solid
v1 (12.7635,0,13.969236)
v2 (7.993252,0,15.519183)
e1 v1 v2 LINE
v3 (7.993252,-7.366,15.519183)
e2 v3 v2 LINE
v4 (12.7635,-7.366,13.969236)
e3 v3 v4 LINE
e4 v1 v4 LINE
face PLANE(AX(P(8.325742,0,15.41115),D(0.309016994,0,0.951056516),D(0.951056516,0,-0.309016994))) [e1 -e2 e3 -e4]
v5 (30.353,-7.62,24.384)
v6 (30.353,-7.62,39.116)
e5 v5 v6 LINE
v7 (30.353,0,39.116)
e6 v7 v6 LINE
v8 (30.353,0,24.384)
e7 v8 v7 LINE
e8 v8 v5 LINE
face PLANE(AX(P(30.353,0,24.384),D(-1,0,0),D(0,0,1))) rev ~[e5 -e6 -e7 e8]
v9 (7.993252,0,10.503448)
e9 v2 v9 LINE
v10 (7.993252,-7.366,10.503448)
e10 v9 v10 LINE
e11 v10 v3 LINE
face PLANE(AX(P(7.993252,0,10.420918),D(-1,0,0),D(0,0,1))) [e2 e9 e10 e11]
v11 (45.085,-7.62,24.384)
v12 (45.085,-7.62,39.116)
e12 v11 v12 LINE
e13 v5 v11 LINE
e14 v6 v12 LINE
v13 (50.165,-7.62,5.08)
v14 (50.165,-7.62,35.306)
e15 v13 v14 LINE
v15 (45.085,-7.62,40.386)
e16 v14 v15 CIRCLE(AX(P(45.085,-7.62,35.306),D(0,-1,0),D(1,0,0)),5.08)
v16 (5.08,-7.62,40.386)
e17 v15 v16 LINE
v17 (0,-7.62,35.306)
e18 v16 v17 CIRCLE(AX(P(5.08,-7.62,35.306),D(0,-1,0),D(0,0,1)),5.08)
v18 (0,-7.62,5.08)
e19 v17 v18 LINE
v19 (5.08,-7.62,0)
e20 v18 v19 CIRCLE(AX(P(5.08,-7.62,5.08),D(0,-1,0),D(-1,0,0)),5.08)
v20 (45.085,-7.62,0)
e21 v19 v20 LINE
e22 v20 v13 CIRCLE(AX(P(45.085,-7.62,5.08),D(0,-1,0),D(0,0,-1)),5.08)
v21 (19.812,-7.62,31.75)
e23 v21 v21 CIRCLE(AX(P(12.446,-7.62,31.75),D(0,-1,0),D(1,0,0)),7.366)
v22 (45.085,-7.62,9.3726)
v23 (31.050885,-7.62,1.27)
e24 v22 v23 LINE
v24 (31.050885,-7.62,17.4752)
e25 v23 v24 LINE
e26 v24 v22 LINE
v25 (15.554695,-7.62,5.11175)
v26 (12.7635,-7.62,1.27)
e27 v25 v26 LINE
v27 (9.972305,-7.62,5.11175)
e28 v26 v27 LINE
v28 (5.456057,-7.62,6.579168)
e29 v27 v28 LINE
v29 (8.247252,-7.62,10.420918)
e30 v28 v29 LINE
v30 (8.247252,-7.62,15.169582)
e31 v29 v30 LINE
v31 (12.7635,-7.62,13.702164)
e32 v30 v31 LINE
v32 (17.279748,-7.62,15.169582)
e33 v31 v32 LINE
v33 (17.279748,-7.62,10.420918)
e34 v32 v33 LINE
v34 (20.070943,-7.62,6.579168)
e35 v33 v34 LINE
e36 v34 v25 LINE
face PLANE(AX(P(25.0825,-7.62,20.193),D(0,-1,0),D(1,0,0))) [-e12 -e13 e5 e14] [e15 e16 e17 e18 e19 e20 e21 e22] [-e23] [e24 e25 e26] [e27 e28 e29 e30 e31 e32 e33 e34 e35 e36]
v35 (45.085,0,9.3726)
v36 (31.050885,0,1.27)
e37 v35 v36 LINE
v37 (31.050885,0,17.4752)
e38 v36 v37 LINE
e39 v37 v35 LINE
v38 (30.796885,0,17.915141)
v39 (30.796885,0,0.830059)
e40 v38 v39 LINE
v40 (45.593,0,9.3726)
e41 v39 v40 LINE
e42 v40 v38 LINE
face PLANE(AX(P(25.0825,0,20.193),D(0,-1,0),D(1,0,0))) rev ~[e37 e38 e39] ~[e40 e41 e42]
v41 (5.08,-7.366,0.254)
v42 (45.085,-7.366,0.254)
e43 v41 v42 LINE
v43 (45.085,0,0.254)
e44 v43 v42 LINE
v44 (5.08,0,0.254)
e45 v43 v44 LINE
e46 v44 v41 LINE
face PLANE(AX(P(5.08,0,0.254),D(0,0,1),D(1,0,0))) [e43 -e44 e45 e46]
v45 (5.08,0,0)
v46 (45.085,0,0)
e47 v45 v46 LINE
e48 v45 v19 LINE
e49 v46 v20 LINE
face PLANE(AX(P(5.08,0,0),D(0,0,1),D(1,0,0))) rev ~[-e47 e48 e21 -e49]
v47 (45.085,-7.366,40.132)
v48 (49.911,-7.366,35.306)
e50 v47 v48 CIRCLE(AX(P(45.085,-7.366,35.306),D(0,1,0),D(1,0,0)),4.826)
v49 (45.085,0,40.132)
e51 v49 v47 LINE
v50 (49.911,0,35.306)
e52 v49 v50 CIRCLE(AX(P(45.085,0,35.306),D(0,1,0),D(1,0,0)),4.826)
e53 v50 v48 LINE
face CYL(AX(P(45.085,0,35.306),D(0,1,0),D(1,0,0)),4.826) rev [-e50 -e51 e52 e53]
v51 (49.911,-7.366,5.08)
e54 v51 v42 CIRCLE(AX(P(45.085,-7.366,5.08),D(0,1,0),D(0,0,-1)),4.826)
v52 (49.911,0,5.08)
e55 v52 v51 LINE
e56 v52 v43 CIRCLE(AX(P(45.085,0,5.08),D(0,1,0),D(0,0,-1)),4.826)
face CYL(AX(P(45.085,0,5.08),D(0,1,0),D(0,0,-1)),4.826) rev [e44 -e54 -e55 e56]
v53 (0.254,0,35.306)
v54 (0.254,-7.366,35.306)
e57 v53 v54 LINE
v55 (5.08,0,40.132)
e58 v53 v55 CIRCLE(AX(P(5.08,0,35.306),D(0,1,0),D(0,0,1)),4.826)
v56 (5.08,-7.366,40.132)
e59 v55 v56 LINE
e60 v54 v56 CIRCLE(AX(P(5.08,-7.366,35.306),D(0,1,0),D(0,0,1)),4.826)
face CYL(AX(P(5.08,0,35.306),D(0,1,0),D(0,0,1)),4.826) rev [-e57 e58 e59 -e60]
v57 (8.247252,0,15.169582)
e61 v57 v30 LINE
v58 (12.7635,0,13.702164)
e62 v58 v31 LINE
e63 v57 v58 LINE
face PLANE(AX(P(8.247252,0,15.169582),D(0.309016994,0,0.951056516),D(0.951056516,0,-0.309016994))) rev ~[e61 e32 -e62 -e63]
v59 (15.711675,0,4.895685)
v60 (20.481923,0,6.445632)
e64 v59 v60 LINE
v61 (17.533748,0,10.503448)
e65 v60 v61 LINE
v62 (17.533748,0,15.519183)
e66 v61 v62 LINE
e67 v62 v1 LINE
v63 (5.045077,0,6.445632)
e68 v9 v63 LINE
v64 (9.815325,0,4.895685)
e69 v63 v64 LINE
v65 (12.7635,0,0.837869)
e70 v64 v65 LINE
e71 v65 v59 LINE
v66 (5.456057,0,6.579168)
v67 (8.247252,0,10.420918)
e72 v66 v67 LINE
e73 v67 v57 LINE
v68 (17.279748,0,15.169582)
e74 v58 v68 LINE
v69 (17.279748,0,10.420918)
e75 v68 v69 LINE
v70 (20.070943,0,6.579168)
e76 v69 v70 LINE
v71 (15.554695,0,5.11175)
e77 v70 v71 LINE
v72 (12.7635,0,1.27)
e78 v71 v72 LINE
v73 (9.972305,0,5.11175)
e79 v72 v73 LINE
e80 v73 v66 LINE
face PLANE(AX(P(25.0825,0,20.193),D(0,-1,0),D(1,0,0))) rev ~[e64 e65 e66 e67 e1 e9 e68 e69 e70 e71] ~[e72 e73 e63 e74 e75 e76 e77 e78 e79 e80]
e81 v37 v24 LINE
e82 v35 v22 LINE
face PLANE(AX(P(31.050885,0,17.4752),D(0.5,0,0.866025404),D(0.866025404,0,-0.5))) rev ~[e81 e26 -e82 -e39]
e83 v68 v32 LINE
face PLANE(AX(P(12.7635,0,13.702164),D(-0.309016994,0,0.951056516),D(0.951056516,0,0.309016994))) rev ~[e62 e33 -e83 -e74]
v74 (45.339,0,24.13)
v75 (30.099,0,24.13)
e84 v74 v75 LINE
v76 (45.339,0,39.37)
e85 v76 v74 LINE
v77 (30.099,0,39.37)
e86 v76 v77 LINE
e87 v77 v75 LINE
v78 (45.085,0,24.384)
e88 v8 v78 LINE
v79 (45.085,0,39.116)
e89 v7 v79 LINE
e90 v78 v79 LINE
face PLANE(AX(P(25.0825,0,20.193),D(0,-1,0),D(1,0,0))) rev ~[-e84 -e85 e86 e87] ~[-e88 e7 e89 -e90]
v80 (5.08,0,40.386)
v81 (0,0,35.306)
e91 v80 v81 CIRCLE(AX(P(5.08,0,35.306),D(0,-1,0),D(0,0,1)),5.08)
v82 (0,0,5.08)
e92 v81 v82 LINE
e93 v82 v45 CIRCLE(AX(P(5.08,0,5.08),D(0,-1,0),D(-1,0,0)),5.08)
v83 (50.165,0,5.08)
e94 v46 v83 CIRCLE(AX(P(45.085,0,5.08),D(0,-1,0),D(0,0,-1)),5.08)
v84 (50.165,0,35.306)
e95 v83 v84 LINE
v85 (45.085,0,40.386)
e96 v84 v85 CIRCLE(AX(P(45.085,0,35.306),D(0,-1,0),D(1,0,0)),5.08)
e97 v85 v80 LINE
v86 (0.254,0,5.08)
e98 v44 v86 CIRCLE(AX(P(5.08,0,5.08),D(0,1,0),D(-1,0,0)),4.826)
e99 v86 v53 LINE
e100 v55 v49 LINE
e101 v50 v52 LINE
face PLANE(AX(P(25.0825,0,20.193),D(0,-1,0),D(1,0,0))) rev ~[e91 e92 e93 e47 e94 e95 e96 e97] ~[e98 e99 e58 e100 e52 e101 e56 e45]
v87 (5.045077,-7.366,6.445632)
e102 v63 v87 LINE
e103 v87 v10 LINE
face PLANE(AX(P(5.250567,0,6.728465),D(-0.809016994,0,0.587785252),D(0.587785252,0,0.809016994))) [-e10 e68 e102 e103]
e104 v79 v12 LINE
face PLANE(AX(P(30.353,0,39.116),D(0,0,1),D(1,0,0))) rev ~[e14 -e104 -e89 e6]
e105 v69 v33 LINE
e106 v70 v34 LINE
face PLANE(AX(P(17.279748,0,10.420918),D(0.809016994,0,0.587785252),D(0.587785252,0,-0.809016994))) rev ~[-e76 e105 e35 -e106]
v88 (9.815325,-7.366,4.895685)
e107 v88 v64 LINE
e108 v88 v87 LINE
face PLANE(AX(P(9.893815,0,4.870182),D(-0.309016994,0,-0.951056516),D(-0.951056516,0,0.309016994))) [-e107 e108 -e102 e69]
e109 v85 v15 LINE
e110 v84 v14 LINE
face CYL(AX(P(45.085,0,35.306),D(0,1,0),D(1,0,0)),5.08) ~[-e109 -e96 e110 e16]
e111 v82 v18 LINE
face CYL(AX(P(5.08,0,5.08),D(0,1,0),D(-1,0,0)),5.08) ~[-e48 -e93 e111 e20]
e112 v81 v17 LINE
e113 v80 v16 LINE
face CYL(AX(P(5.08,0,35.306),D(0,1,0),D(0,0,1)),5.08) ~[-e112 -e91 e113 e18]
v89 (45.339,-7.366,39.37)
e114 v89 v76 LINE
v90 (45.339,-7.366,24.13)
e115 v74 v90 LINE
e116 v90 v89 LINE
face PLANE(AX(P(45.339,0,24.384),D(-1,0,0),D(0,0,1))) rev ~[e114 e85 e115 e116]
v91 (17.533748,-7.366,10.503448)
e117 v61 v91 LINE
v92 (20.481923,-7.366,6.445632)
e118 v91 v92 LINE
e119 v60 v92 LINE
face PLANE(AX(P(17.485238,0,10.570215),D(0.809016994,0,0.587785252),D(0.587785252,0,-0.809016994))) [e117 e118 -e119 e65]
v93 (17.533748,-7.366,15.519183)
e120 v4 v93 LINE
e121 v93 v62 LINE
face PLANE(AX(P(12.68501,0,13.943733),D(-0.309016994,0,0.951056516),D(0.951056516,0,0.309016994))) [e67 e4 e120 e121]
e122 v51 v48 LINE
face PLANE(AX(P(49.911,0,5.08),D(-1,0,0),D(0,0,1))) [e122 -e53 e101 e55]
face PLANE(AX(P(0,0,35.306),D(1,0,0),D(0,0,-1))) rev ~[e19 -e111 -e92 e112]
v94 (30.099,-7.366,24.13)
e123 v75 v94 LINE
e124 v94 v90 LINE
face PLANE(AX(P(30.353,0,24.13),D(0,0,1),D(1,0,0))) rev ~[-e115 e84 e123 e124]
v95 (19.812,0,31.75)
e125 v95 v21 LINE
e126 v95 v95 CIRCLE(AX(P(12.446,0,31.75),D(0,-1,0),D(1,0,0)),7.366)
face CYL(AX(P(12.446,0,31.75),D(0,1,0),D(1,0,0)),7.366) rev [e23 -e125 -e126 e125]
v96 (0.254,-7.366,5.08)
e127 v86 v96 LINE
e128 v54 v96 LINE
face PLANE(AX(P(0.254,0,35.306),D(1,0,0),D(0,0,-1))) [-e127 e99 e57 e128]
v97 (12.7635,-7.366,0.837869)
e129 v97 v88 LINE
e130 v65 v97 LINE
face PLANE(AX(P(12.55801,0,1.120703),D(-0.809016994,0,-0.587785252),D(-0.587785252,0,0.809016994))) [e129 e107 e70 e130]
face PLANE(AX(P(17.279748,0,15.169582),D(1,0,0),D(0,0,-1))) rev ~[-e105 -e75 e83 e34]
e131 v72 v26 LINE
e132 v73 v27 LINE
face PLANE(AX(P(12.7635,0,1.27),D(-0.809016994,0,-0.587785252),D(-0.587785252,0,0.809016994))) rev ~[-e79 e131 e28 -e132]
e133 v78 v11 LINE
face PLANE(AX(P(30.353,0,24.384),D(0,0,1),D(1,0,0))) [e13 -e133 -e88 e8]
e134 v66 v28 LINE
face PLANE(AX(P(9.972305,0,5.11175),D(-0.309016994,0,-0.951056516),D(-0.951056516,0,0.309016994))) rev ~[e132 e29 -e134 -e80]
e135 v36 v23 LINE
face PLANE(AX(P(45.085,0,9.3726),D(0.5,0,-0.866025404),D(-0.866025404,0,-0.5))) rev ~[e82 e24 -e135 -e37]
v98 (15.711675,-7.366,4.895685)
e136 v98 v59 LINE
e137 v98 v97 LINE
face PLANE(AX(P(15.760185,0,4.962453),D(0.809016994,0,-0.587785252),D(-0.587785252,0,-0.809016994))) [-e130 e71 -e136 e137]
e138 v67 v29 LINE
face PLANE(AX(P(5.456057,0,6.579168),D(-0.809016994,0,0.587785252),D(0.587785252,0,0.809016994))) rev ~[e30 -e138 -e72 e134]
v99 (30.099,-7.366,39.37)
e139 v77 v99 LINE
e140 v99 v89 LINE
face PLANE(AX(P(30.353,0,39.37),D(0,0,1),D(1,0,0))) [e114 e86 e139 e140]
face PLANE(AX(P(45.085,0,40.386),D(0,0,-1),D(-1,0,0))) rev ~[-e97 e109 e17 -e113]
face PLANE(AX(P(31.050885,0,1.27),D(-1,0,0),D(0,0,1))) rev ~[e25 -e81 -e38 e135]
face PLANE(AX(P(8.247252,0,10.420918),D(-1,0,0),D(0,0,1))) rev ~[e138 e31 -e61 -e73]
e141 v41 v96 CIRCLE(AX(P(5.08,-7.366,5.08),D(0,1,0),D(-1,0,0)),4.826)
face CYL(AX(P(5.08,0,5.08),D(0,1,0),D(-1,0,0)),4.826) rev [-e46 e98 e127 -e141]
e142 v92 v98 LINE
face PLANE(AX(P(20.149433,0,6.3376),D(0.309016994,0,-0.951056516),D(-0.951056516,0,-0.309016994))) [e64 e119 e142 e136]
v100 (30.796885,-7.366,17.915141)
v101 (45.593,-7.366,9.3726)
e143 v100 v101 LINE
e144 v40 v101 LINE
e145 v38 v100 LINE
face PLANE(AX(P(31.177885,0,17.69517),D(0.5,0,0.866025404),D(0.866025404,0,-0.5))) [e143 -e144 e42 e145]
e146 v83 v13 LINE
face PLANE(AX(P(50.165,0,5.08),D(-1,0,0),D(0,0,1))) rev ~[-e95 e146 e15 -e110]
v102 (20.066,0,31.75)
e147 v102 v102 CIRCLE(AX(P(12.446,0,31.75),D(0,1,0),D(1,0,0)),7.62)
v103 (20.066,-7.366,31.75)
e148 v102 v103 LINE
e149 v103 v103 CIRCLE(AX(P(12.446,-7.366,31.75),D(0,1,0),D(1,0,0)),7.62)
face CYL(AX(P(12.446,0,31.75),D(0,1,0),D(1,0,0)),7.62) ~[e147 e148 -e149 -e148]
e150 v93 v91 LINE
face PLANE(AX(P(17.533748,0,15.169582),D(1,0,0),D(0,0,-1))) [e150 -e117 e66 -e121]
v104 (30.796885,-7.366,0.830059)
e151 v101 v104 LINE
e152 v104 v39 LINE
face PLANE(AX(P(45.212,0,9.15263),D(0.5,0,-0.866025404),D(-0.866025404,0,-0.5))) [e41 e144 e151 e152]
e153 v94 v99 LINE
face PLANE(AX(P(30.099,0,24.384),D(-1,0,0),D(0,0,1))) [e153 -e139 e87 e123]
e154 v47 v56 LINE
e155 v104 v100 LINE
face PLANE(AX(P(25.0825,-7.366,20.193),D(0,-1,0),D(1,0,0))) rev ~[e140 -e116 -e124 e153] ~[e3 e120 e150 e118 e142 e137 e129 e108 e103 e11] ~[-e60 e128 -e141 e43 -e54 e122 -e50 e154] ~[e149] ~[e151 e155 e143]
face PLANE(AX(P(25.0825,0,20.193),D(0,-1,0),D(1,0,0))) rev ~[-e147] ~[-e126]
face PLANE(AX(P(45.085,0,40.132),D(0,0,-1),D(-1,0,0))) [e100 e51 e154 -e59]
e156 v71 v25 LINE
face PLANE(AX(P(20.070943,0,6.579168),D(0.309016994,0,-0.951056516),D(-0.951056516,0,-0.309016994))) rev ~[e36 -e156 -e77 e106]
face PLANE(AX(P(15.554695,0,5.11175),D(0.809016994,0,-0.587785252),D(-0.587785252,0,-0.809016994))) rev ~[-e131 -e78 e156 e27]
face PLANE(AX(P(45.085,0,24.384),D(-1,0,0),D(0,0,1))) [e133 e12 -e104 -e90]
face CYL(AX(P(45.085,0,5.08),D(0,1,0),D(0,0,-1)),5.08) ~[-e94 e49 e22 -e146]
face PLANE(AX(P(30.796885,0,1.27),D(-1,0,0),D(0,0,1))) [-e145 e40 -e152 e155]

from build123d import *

# Parameters (mm, degrees)
F0_R     = 7.366
F0_W     = 14.732
F0_H     = 14.732
F1_DEPTH = 7.62
F2_T     = -0.254


with BuildPart() as f1:
    # F0 (on Front) → F1 (new body)
    with BuildSketch(Plane.XZ):
        with BuildLine():
            ThreePointArc((0, 5.08), (1.4878975516, 1.4878975516), (5.08, 0))
            Line((5.08, 0), (45.085, 0))
            ThreePointArc((45.085, 0), (48.6771024484, 1.4878975516), (50.165, 5.08))
            Line((50.165, 5.08), (50.165, 35.306))
            ThreePointArc((50.165, 35.306), (48.6771024484, 38.8981024484), (45.085, 40.386))
            Line((45.085, 40.386), (5.08, 40.386))
            ThreePointArc((5.08, 40.386), (1.4878975516, 38.8981024484), (0, 35.306))
            Line((0, 35.306), (0, 5.08))
        make_face()
        Polygon((8.247252014, 10.4209179237), (8.247252014, 15.1695820763), (12.7635, 13.7021641526), (17.279747986, 15.1695820763), (17.279747986, 10.4209179237), (20.070942743, 6.5791679237), (15.554694757, 5.11175), (12.7635, 1.27), (9.972305243, 5.11175), (5.456057257, 6.5791679237), align=None, mode=Mode.SUBTRACT)
        Polygon((31.0508851266, 1.27), (31.0508851266, 17.4752), (45.085, 9.3726), align=None, mode=Mode.SUBTRACT)
        with Locations((12.446, 31.75)):
            Circle(F0_R, mode=Mode.SUBTRACT)
        with Locations((37.719, 31.75)):
            Rectangle(F0_W, F0_H, mode=Mode.SUBTRACT)
    extrude(amount=F1_DEPTH)

    # F2
    f2_openings = [f1.faces().sort_by_distance(p)[0] for p in [
        (24.73979, 0, 18.729195),
    ]]
    offset(amount=F2_T, openings=f2_openings, kind=Kind.INTERSECTION)


solid = f1.part
